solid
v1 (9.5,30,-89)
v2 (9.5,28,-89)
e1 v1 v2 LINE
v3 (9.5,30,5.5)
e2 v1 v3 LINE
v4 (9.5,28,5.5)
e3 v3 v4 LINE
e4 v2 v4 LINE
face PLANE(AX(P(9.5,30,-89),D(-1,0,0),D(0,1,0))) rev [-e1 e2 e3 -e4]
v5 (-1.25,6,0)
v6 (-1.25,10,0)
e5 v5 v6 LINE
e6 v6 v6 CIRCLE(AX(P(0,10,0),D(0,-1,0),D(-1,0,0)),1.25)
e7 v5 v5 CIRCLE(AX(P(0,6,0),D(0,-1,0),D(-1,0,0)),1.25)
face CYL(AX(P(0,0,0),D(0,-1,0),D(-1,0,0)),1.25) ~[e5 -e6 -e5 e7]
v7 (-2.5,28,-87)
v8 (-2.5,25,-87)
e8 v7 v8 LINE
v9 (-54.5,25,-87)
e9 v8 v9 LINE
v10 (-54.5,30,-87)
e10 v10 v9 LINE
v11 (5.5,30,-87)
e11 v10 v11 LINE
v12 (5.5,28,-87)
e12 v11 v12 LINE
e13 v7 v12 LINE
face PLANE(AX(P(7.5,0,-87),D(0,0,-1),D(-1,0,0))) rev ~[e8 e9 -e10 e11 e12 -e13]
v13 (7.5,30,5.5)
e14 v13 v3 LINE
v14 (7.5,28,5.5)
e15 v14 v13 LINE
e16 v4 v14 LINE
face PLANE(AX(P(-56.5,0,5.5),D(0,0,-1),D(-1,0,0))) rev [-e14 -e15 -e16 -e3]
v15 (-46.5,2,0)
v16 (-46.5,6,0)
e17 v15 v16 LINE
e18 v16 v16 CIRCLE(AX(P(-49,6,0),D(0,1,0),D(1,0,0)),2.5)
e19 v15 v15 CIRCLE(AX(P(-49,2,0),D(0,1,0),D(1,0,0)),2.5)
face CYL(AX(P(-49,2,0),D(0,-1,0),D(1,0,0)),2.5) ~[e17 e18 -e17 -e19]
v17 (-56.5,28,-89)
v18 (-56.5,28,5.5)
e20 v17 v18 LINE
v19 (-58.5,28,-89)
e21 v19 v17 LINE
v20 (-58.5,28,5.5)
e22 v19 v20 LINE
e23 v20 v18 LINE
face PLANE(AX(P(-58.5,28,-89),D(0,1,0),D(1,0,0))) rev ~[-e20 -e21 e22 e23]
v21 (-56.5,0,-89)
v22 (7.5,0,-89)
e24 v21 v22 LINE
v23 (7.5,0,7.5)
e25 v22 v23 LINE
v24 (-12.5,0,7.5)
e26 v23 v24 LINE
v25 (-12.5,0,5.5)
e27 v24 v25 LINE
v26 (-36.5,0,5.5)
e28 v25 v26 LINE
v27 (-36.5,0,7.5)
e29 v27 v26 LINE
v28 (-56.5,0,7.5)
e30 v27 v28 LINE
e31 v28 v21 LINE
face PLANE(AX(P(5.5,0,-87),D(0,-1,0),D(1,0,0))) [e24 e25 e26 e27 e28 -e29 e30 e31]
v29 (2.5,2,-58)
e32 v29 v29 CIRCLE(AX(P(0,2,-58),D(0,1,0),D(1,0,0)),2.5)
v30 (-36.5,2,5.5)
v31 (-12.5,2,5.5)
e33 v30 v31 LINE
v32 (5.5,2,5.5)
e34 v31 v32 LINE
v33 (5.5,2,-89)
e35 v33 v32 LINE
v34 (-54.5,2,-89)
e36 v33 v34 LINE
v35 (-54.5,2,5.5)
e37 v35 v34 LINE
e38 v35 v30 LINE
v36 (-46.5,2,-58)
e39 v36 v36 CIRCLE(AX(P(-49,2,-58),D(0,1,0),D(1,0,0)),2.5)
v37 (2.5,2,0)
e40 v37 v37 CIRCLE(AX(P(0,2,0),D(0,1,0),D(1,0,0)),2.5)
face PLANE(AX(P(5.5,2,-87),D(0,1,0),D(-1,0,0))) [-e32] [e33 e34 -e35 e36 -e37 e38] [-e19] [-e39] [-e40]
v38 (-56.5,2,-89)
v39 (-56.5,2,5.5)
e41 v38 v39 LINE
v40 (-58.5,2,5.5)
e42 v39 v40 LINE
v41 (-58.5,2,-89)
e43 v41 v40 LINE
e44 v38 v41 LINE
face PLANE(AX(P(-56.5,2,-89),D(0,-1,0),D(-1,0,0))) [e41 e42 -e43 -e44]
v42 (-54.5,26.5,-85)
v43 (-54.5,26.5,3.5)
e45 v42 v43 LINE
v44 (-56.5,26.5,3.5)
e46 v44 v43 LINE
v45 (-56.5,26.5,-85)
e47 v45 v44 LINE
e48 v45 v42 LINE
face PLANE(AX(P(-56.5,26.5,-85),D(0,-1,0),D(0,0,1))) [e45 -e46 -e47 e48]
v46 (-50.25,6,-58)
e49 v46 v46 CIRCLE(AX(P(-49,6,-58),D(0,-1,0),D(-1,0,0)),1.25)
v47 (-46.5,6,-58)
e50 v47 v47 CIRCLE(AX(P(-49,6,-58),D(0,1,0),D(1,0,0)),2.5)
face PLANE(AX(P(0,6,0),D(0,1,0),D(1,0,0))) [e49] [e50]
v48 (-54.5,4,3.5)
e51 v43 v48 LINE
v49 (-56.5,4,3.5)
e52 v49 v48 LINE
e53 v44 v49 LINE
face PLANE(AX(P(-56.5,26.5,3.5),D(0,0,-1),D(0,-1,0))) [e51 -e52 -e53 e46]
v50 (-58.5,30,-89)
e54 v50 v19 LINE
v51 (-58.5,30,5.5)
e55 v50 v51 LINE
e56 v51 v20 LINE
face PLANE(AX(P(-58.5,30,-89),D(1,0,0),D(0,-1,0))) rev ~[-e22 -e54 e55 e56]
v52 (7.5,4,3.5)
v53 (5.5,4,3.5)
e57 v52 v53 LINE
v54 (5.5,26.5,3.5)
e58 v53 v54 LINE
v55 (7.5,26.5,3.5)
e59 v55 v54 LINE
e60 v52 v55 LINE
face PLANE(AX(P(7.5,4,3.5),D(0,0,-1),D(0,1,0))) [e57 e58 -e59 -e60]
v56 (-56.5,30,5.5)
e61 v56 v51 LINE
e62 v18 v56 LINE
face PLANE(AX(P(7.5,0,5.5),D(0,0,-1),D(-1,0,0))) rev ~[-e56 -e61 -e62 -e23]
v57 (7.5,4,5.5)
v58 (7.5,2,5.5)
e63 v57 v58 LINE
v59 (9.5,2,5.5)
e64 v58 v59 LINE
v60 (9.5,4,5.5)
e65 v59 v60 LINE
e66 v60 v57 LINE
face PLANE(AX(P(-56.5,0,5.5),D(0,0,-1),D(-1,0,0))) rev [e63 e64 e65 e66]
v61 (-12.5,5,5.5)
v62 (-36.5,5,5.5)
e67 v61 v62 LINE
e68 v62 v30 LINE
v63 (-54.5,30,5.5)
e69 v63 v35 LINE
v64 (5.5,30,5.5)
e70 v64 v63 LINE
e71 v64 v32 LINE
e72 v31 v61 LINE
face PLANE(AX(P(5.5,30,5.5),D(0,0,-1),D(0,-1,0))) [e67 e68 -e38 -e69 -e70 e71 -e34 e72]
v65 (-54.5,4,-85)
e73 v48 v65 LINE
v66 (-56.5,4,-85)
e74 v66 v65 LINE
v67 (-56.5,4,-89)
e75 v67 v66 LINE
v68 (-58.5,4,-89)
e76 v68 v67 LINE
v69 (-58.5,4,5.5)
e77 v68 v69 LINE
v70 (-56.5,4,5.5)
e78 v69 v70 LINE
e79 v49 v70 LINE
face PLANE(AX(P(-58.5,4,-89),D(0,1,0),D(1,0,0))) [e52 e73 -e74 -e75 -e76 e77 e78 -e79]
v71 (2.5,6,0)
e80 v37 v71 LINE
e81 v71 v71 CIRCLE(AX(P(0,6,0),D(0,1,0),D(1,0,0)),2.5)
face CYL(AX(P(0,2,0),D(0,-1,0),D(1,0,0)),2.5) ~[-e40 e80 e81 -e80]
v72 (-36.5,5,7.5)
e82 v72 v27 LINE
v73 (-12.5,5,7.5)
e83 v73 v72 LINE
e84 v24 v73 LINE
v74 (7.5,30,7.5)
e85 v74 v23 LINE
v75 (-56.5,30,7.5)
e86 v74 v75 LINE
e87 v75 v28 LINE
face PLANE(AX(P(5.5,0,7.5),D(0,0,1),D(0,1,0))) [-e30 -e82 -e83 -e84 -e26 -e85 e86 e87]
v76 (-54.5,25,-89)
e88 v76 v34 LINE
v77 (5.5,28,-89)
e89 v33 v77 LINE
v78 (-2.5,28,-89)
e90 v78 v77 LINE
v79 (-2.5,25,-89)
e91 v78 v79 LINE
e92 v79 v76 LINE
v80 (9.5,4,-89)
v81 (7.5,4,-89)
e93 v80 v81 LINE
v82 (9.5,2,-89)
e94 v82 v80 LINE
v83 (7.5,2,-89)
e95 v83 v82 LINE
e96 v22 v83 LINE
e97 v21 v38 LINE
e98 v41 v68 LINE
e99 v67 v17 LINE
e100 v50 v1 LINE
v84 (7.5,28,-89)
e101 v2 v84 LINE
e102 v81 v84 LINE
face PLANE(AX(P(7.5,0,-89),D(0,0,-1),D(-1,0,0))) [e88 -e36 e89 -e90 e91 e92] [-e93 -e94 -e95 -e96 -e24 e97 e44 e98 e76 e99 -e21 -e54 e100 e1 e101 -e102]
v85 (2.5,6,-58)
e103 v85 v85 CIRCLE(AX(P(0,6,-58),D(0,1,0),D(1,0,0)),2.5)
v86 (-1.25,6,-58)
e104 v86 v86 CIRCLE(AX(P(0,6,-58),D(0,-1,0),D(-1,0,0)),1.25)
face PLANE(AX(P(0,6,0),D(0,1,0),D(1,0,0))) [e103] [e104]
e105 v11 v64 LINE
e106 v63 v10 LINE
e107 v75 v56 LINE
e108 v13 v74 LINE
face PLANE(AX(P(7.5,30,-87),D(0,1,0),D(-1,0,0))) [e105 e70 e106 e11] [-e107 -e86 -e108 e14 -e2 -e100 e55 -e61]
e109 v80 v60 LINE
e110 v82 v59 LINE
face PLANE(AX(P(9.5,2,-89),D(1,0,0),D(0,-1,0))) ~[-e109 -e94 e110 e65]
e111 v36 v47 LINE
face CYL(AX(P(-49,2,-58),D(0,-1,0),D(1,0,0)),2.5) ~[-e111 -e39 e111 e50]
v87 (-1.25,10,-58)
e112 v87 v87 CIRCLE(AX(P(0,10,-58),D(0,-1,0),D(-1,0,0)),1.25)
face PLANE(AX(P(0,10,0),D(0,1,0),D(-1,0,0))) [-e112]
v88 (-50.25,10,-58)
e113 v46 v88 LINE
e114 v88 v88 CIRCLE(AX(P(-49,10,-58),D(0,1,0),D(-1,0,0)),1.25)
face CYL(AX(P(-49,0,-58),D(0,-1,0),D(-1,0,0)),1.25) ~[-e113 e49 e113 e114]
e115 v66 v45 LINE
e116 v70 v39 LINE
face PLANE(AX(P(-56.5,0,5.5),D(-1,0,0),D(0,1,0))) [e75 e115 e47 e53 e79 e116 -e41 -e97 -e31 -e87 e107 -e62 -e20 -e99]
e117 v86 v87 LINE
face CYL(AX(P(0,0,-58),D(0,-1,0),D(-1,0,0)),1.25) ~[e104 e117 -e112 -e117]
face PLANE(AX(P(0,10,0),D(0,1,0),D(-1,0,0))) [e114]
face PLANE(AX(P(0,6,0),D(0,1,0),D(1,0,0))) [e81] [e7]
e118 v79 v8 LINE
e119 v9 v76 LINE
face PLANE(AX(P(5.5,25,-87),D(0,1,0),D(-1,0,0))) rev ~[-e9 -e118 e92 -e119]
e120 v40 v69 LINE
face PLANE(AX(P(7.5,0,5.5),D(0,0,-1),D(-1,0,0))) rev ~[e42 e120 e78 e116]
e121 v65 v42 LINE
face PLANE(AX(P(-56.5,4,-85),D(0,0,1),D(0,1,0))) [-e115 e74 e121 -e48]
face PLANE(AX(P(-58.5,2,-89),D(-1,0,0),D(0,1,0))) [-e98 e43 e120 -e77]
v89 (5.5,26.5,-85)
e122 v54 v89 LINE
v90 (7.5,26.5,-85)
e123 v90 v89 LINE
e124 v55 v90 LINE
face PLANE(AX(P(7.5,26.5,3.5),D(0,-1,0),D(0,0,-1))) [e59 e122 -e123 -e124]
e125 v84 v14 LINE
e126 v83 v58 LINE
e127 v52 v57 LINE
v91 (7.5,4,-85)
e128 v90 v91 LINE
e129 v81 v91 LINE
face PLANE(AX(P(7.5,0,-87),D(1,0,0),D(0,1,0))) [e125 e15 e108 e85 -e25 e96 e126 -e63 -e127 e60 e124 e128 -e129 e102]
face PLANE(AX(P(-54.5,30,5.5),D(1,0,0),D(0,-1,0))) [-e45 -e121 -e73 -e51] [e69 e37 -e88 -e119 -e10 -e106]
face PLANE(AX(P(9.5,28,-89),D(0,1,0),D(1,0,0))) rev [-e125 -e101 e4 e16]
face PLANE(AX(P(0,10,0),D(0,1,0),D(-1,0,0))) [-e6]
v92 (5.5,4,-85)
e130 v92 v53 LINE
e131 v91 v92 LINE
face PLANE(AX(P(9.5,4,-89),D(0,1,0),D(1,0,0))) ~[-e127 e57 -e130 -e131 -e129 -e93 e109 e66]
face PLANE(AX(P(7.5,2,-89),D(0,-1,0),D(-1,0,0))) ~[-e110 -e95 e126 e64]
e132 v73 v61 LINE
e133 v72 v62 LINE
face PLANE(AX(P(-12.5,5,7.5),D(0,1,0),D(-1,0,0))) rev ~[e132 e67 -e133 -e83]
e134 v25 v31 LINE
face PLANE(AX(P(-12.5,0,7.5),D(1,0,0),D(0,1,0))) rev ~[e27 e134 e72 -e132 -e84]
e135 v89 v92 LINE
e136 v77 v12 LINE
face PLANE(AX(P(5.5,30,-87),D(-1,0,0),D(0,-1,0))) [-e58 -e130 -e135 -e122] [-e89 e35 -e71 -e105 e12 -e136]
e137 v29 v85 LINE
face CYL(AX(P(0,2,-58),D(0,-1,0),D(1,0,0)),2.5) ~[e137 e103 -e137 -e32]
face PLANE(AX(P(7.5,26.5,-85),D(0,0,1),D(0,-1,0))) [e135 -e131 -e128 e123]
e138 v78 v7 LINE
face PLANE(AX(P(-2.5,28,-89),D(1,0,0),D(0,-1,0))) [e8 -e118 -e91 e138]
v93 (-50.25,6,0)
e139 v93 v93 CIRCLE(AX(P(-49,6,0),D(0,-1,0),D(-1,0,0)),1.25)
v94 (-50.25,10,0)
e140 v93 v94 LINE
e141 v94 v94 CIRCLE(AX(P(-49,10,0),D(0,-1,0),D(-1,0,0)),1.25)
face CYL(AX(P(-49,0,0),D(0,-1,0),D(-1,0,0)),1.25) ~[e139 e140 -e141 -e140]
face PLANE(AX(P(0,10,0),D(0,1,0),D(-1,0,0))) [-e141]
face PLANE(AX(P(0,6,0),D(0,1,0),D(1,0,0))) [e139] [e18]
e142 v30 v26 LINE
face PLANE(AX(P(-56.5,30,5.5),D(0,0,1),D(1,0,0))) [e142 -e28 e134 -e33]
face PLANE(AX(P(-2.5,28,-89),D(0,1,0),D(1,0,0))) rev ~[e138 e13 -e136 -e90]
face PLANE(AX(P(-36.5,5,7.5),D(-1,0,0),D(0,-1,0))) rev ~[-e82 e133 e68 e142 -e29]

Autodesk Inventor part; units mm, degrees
sketch "Sketch1" plane through (0, 0, 0) normal (0, 1, 0) x (-1, 0, 0)
  point P0 (0, 0)
sketch "Sketch2" plane through (0, 0, 0) normal (0, 1, 0) x (-1, 0, 0)
  circle A0 centre (0, 0) radius 1.25
  line L0 (60.55, 0) -> (-11.55, 0) projected
  line L1 (0, -71.35) -> (0, 13.35) projected
  circle A1 centre (49, 0) radius 1.25
  circle A2 centre (0, -58) radius 1.25
  circle A3 centre (49, -58) radius 1.25
  dimension "d0" = 2.5
  dimension "d3" = 49
  dimension "d6" = 58
extrude "Extrusion1" add sketch "Sketch2" along normal blind 10
sketch "Sketch3" plane through (0, 0, 0) normal (0, 1, 0) x (-1, 0, 0)
  line L0 (52.5, 3.5) -> (-3.5, 3.5)
  line L1 (-3.5, 3.5) -> (-3.5, -85)
  line L2 (-3.5, -85) -> (52.5, -85)
  line L3 (52.5, -85) -> (52.5, 3.5)
  circle A0 centre (49, 0) radius 1.25 projected
  circle A1 centre (49, -58) radius 1.25 projected
  circle A2 centre (0, 0) radius 1.25 projected
  circle A3 centre (0, -58) radius 1.25 projected
  line L4 (54.5, 5.5) -> (-5.5, 5.5)
  line L5 (-5.5, 5.5) -> (-5.5, -87)
  line L6 (-5.5, -87) -> (54.5, -87)
  line L7 (54.5, -87) -> (54.5, 5.5)
  dimension "d11" = 3.5
  dimension "d12" = 27
  dimension "d13" = 3.5
  dimension "d14" = 3.5
  dimension "d15" = 2
extrude "Extrusion2" add sketch "Sketch3" along normal blind 2 contours L3 L2 L1 L0 | L7 L6 L5 L4
sketch "Sketch4" plane through (0, 2, 0) normal (0, 1, 0) x (1, 0, 0)
  line L0 (-54.5, 87) -> (-54.5, -5.5) projected
  line L1 (-54.5, -5.5) -> (5.5, -5.5) projected
  line L2 (5.5, 87) -> (-54.5, 87) projected
  line L3 (5.5, -5.5) -> (5.5, 87) projected
  point P0 (0, 0)
sketch "Sketch5" plane through (0, 0, 0) normal (0, 0, 1) x (1, 0, 0)
  line L0 (-54.5, 0) -> (5.5, 0) projected
  line L1 (5.5, 0) -> (5.5, 2) projected
  line L2 (-54.5, 2) -> (5.5, 2) projected
  line L3 (-54.5, 0) -> (-54.5, 2) projected
  line L4 (5.5, 0) -> (7.5, 0)
  line L5 (7.5, 0) -> (7.5, 30)
  line L6 (7.5, 30) -> (5.5, 30)
  line L7 (5.5, 30) -> (5.5, 0)
  point P0 (0, 0)
  dimension "d18" = 2
  dimension "d19" = 30
sketch3d "3D Sketch1"
sketch3d "3D Sketch2"
  line L0 (5.5, 2, -87) -> (5.5, 2, 5.5)
  line L1 (5.5, 2, 5.5) -> (-54.5, 2, 5.5)
  line L2 (-54.5, 2, 5.5) -> (-54.5, 2, -87)
sweep "Sweep2" add profiles "Sketch5" path "3D Sketch2" contours L1 L7 L6 L5 L4
sketch "Sketch6" plane through (7.5, 0, -87) normal (0, 0, -1) x (-1, 0, 0)
  line L0 (2, 30) -> (62, 30)
  line L1 (2, 30) -> (2, 2) projected
  line L2 (2, 25) -> (62, 25)
  line L3 (62, 30) -> (62, 2) projected
  line L4 (2, 25) -> (2, 2)
  line L5 (2, 2) -> (62, 2)
  line L6 (2, 2) -> (62, 2) projected
  line L7 (62, 25) -> (62, 2)
  line L8 (0, 0) -> (0, 30) projected
  line L9 (0, 30) -> (2, 30) projected
  line L10 (64, 0) -> (0, 0) projected
  line L11 (64, 0) -> (64, 30) projected
  line L12 (64, 30) -> (62, 30) projected
  point P0 (7.5, 0)
  dimension "d25" = 5
extrude "Extrusion3" add sketch "Sketch6" along normal blind 2 contours L0 L3 L2 L1 | L1 L5 L3 L12 L11 L10 L8 L9
sketch "Sketch8" plane through (-56.5, 30, 7.5) normal (0, 0, 1) x (1, 0, 0)
  line L0 (64, -30) -> (0, -30) projected
  line L1 (20, -30) -> (44, -30)
  line L2 (44, -30) -> (44, -25)
  line L3 (44, -25) -> (20, -25)
  line L4 (20, -25) -> (20, -30)
  line L5 (0, -30) -> (0, 0) projected
  line L6 (64, -30) -> (64, 0) projected
  point P0 (56.5, -30)
  dimension "d39" = 20
  dimension "d40" = 20
  dimension "d41" = 5
extrude "Extrusion5" cut sketch "Sketch8" against normal blind 2
sketch "Sketch9" plane through (0, 2, 0) normal (0, 1, 0) x (1, 0, 0)
  circle A0 centre (0, 0) radius 1.25 projected
  circle A1 centre (0, 0) radius 1.25 projected
  circle A2 centre (-49, 0) radius 1.25 projected
  circle A3 centre (-49, 0) radius 1.25 projected
  circle A4 centre (-49, 58) radius 1.25 projected
  circle A5 centre (-49, 58) radius 1.25 projected
  circle A6 centre (0, 58) radius 1.25 projected
  circle A7 centre (0, 58) radius 1.25 projected
  circle A8 centre (0, 58) radius 1.25 projected
  circle A9 centre (0, 0) radius 2.5
  circle A10 centre (-49, 0) radius 1.25 projected
  circle A11 centre (-49, 0) radius 2.5
  circle A12 centre (0, 58) radius 2.5
  circle A13 centre (-49, 58) radius 2.5
  dimension "d44" = 5
  dimension "d45" = 5
  dimension "d46" = 5
  dimension "d47" = 5
extrude "Extrusion6" add sketch "Sketch9" along normal blind 4
sketch "Sketch12" plane through (7.5, 0, -89) normal (0, 0, -1) x (-1, 0, 0)
  line L0 (10, 6) -> (5, 6) projected
  line L1 (5, 2) -> (10, 2) projected
  line L2 (10, 6) -> (5, 6) projected
  line L3 (2, 30) -> (10, 30)
  line L4 (10, 30) -> (10, 28)
  line L5 (10, 28) -> (2, 28)
  line L6 (2, 28) -> (2, 30)
  line L7 (2, 25) -> (62, 25) projected
  line L8 (2, 28) -> (10, 28)
  line L9 (10, 28) -> (10, 25)
  line L10 (10, 25) -> (2, 25)
  line L11 (2, 25) -> (2, 28)
  point P0 (7.5, 0)
  dimension "d72" = 8
  dimension "d73" = 2
sketch "Sketch13" plane through (7.5, 0, 7.5) normal (1, 0, 0) x (0, 0, -1)
  line L0 (2, 5) -> (2, 2) projected
  line L1 (2, 30) -> (2, 2) projected
  line L2 (2, 30) -> (2, 2) projected
  line L3 (2, 2) -> (2, 5) projected
  line L4 (63, 2) -> (68, 2) projected
  line L5 (5, 2) -> (10, 2) projected
  line L6 (5, 2) -> (10, 2) projected
  line L7 (63, 2) -> (68, 2) projected
  line L8 (2, 2) -> (96.5, 2) projected
  line L9 (96.5, 2) -> (2, 2) projected
  line L10 (94.5, 25) -> (94.5, 30) projected
  line L11 (96.5, 25) -> (96.5, 2) projected
  line L12 (4, 26.5) -> (92.5, 26.5)
  line L13 (92.5, 26.5) -> (92.5, 4)
  line L14 (92.5, 4) -> (4, 4)
  line L15 (4, 4) -> (4, 26.5)
  line L16 (96.5, 30) -> (0, 30) projected
  line L17 (96.5, 2) -> (96.5, 25) projected
  point P0 (7.5, 0)
  dimension "d67" = 2
  dimension "d68" = 2
  dimension "d69" = 3.5
  dimension "d70" = 2
extrude "Extrusion10" cut sketch "Sketch12" against normal up to surface (2 mm away) contours L5 L9 L7 L11
extrude "Extrusion11" cut sketch "Sketch13" against normal up to surface (2 mm away)
sketch "Sketch14" plane through (7.5, 0, -89) normal (0, 0, -1) x (-1, 0, 0)
  line L0 (64, 30) -> (66, 30)
  line L1 (66, 30) -> (66, 28)
  line L2 (66, 28) -> (64, 28)
  line L3 (64, 28) -> (64, 30)
  line L4 (66, 4) -> (64, 4)
  line L5 (64, 4) -> (64, 2)
  line L6 (64, 2) -> (66, 2)
  line L7 (66, 2) -> (66, 4)
  line L8 (64, 30) -> (0, 30) projected
  line L9 (64, 0) -> (64, 30) projected
  point P0 (7.5, 0)
  dimension "d78" = 2
  dimension "d79" = 2
  dimension "d80" = 2
  dimension "d81" = 2
  dimension "d82" = 0
  dimension "d83" = 0
  dimension "d84" = 0
  dimension "d85" = 24
extrude "Extrusion12" add sketch "Sketch14" against normal blind 94.5
ref_plane "Work Plane1" through (-24.5, 0, 7.5) normal (-1, 0, 0) x (0, 0, 1)
mirror "Mirror1" about plane through (-24.5, 0, 7.5) normal (-1, 0, 0) of "Extrusion12"
sketch "Sketch15" plane through (-56.5, 0, 7.5) normal (-1, 0, 0) x (0, 0, 1)
  line L0 (-4, 4) -> (-92.5, 4) projected
  line L1 (-92.5, 26.5) -> (-4, 26.5) projected
  line L2 (-4, 26.5) -> (-4, 4) projected
  line L3 (-92.5, 4) -> (-92.5, 26.5) projected
  point P0 (-7.5, 0)
extrude "Extrusion13" cut sketch "Sketch15" against normal blind 2
properties part number "PI_Skal_med_rals"
